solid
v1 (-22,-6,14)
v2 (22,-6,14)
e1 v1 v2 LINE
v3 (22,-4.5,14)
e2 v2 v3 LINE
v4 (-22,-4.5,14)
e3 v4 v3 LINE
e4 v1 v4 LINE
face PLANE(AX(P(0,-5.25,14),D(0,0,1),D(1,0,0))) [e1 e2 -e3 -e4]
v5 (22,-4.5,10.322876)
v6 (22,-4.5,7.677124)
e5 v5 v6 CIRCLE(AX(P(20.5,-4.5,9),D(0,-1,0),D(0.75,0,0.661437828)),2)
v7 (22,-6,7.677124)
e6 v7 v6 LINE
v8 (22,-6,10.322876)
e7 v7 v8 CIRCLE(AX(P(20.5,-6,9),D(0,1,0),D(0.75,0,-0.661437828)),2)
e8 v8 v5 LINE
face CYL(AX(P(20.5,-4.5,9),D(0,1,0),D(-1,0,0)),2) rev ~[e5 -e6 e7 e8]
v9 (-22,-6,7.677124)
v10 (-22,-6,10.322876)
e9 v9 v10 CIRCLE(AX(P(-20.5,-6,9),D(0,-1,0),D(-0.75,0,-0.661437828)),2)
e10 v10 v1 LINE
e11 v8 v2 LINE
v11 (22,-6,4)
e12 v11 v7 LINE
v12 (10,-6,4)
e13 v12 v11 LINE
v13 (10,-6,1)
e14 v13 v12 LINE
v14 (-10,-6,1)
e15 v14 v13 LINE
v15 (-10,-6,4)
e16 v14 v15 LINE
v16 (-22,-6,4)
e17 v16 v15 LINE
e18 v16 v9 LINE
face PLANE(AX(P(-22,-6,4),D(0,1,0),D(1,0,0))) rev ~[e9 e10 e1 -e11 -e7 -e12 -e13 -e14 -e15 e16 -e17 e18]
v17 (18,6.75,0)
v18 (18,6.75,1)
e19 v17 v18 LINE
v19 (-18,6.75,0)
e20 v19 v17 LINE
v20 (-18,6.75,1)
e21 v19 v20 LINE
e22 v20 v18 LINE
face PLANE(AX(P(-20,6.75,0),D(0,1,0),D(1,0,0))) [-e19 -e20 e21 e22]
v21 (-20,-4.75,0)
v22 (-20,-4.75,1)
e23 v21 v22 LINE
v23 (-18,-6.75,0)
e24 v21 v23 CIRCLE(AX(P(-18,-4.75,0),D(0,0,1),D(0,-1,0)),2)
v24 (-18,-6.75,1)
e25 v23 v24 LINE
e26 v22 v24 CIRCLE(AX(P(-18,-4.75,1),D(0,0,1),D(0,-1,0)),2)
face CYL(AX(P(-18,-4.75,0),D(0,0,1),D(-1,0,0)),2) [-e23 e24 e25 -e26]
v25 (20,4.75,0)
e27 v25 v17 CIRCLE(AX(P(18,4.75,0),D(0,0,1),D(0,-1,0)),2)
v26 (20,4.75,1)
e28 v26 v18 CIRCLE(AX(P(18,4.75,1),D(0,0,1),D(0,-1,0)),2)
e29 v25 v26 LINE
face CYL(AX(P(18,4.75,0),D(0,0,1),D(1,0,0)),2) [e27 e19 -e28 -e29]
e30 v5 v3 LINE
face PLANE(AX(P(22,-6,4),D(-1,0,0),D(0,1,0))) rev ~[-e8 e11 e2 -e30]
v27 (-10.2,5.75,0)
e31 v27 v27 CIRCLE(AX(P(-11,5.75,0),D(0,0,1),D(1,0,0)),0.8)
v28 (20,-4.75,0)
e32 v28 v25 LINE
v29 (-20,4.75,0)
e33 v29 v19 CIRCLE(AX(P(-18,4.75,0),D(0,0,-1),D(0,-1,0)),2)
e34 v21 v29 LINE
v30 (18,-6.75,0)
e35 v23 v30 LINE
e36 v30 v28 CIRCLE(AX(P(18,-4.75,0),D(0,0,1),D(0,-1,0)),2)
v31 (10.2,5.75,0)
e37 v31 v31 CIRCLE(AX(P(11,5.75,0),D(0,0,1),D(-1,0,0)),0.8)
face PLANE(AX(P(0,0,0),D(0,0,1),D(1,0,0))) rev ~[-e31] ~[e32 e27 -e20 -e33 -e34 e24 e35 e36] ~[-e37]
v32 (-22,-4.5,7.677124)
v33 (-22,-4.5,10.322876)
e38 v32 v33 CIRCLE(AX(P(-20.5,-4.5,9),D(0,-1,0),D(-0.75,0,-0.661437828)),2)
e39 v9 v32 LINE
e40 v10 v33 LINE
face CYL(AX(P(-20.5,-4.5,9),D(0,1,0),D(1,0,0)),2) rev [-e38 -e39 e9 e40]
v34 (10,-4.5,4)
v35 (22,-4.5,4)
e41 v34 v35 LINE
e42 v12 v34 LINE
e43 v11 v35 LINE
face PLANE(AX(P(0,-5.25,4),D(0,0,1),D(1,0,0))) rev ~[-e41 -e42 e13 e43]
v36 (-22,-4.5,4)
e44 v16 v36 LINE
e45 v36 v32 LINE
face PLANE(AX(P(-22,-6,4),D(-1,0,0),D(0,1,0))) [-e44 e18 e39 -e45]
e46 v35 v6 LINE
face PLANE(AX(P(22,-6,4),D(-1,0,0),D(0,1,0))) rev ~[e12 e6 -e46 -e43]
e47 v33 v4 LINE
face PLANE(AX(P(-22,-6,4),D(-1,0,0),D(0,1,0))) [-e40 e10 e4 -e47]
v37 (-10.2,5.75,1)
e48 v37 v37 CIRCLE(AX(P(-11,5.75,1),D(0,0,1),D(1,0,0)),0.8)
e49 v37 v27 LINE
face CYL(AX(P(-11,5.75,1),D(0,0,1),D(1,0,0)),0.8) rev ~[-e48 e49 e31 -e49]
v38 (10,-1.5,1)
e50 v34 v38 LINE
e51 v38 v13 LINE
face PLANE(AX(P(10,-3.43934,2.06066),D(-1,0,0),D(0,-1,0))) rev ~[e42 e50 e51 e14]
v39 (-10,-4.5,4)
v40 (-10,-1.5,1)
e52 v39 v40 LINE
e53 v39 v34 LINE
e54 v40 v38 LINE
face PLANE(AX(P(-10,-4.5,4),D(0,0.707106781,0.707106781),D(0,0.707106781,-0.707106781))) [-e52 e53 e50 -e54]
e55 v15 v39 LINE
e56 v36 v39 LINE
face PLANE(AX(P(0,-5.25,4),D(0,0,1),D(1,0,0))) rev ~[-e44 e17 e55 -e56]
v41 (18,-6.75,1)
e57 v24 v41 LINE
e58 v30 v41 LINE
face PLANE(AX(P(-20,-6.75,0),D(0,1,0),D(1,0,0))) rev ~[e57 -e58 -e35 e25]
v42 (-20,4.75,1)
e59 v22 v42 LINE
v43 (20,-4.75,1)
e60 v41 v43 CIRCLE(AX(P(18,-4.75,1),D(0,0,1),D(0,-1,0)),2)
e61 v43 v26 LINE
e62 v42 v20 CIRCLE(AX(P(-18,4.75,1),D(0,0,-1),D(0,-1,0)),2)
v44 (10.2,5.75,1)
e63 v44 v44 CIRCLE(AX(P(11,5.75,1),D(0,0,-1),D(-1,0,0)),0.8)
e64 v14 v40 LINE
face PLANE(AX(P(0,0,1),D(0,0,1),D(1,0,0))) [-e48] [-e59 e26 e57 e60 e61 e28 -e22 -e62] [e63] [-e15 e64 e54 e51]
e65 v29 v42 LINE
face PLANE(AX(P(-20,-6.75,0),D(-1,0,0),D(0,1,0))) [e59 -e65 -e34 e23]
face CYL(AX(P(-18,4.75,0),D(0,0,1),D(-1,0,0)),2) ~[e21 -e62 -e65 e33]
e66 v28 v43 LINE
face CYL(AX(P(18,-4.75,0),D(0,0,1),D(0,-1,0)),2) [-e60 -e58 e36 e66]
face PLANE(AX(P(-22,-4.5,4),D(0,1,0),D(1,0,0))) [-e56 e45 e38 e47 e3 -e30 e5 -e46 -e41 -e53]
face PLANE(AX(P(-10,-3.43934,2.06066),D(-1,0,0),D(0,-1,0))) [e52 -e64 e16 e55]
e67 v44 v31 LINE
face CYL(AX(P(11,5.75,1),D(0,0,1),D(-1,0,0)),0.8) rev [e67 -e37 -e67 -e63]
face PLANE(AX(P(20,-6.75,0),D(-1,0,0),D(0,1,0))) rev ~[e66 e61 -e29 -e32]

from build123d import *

# Parameters (mm, degrees)
SKETCH001_W     = 40
SKETCH001_H     = 13.5
PAD_DEPTH       = 1
FILLET_R        = 2
SKETCH002_R     = 0.8
POCKET_DEPTH    = 85.45809
SKETCH_W        = 20
SKETCH_H        = 1.5
PAD001_DEPTH    = 3
SKETCH003_W     = 44
SKETCH003_H     = 1.5
PAD002_DEPTH    = 10
SKETCH005_R     = 2
POCKET001_DEPTH = 98.464305
PAD003_DEPTH    = 20


with BuildPart() as part:
    # Sketch001 → Pad (new body)
    with BuildSketch(Plane.XY):
        Rectangle(SKETCH001_W, SKETCH001_H)
    extrude(amount=PAD_DEPTH)

    # Fillet
    fillet_edges = [part.edges().sort_by_distance(p)[0] for p in [
        (20, 6.75, 0.5),
        (20, -6.75, 0.5),
        (-20, -6.75, 0.5),
        (-20, 6.75, 0.5),
    ]]
    fillet(fillet_edges, radius=FILLET_R)

    # Sketch002 (on Face5 of Fillet) → Pocket (cut, through all)
    with BuildSketch(Plane.XY.offset(1)):
        with Locations((-11, 5.75)):
            Circle(SKETCH002_R)
    pocket = extrude(amount=-POCKET_DEPTH, mode=Mode.SUBTRACT)

    # Mirrored: Pocket across Sketch002 V_Axis
    add(pocket.mirror(Plane(origin=(0, 0, 1), x_dir=(0, 0, 1), z_dir=(1, 0, 0))), mode=Mode.SUBTRACT)

    # Sketch (on Face5 of Mirrored) → Pad001 (join)
    with BuildSketch(Plane.XY.offset(1)):
        with Locations((0, -5.25)):
            Rectangle(SKETCH_W, SKETCH_H)
    extrude(amount=PAD001_DEPTH)

    # Sketch003 (on Face17 of Pad001) → Pad002 (join)
    with BuildSketch(Plane.XY.offset(4)):
        with Locations((0, -5.25)):
            Rectangle(SKETCH003_W, SKETCH003_H)
    extrude(amount=PAD002_DEPTH)

    # Sketch005 (on Face17 of Pad002) → Pocket001 (cut, through all)
    with BuildSketch(Plane(origin=(0, -4.5, 0), x_dir=(-1, 0, 0), z_dir=(0, 1, 0))):
        with Locations((-20.5, 9)):
            Circle(SKETCH005_R)
    pocket001 = extrude(amount=-POCKET001_DEPTH, mode=Mode.SUBTRACT)

    # Mirrored001: Pocket001 across Sketch005 V_Axis
    add(pocket001.mirror(Plane(origin=(0, -4.5, 0), x_dir=(0, 1, 0), z_dir=(-1, 0, 0))), mode=Mode.SUBTRACT)

    # Sketch006 (on Face16 of Mirrored001) → Pad003 (join)
    with BuildSketch(Plane(origin=(-10, 0, 0), x_dir=(0, -1, 0), z_dir=(-1, 0, 0))):
        Polygon((4.5, 4), (1.5, 1), (4.5, 1), align=None)
    extrude(amount=-PAD003_DEPTH)


solid = part.part
